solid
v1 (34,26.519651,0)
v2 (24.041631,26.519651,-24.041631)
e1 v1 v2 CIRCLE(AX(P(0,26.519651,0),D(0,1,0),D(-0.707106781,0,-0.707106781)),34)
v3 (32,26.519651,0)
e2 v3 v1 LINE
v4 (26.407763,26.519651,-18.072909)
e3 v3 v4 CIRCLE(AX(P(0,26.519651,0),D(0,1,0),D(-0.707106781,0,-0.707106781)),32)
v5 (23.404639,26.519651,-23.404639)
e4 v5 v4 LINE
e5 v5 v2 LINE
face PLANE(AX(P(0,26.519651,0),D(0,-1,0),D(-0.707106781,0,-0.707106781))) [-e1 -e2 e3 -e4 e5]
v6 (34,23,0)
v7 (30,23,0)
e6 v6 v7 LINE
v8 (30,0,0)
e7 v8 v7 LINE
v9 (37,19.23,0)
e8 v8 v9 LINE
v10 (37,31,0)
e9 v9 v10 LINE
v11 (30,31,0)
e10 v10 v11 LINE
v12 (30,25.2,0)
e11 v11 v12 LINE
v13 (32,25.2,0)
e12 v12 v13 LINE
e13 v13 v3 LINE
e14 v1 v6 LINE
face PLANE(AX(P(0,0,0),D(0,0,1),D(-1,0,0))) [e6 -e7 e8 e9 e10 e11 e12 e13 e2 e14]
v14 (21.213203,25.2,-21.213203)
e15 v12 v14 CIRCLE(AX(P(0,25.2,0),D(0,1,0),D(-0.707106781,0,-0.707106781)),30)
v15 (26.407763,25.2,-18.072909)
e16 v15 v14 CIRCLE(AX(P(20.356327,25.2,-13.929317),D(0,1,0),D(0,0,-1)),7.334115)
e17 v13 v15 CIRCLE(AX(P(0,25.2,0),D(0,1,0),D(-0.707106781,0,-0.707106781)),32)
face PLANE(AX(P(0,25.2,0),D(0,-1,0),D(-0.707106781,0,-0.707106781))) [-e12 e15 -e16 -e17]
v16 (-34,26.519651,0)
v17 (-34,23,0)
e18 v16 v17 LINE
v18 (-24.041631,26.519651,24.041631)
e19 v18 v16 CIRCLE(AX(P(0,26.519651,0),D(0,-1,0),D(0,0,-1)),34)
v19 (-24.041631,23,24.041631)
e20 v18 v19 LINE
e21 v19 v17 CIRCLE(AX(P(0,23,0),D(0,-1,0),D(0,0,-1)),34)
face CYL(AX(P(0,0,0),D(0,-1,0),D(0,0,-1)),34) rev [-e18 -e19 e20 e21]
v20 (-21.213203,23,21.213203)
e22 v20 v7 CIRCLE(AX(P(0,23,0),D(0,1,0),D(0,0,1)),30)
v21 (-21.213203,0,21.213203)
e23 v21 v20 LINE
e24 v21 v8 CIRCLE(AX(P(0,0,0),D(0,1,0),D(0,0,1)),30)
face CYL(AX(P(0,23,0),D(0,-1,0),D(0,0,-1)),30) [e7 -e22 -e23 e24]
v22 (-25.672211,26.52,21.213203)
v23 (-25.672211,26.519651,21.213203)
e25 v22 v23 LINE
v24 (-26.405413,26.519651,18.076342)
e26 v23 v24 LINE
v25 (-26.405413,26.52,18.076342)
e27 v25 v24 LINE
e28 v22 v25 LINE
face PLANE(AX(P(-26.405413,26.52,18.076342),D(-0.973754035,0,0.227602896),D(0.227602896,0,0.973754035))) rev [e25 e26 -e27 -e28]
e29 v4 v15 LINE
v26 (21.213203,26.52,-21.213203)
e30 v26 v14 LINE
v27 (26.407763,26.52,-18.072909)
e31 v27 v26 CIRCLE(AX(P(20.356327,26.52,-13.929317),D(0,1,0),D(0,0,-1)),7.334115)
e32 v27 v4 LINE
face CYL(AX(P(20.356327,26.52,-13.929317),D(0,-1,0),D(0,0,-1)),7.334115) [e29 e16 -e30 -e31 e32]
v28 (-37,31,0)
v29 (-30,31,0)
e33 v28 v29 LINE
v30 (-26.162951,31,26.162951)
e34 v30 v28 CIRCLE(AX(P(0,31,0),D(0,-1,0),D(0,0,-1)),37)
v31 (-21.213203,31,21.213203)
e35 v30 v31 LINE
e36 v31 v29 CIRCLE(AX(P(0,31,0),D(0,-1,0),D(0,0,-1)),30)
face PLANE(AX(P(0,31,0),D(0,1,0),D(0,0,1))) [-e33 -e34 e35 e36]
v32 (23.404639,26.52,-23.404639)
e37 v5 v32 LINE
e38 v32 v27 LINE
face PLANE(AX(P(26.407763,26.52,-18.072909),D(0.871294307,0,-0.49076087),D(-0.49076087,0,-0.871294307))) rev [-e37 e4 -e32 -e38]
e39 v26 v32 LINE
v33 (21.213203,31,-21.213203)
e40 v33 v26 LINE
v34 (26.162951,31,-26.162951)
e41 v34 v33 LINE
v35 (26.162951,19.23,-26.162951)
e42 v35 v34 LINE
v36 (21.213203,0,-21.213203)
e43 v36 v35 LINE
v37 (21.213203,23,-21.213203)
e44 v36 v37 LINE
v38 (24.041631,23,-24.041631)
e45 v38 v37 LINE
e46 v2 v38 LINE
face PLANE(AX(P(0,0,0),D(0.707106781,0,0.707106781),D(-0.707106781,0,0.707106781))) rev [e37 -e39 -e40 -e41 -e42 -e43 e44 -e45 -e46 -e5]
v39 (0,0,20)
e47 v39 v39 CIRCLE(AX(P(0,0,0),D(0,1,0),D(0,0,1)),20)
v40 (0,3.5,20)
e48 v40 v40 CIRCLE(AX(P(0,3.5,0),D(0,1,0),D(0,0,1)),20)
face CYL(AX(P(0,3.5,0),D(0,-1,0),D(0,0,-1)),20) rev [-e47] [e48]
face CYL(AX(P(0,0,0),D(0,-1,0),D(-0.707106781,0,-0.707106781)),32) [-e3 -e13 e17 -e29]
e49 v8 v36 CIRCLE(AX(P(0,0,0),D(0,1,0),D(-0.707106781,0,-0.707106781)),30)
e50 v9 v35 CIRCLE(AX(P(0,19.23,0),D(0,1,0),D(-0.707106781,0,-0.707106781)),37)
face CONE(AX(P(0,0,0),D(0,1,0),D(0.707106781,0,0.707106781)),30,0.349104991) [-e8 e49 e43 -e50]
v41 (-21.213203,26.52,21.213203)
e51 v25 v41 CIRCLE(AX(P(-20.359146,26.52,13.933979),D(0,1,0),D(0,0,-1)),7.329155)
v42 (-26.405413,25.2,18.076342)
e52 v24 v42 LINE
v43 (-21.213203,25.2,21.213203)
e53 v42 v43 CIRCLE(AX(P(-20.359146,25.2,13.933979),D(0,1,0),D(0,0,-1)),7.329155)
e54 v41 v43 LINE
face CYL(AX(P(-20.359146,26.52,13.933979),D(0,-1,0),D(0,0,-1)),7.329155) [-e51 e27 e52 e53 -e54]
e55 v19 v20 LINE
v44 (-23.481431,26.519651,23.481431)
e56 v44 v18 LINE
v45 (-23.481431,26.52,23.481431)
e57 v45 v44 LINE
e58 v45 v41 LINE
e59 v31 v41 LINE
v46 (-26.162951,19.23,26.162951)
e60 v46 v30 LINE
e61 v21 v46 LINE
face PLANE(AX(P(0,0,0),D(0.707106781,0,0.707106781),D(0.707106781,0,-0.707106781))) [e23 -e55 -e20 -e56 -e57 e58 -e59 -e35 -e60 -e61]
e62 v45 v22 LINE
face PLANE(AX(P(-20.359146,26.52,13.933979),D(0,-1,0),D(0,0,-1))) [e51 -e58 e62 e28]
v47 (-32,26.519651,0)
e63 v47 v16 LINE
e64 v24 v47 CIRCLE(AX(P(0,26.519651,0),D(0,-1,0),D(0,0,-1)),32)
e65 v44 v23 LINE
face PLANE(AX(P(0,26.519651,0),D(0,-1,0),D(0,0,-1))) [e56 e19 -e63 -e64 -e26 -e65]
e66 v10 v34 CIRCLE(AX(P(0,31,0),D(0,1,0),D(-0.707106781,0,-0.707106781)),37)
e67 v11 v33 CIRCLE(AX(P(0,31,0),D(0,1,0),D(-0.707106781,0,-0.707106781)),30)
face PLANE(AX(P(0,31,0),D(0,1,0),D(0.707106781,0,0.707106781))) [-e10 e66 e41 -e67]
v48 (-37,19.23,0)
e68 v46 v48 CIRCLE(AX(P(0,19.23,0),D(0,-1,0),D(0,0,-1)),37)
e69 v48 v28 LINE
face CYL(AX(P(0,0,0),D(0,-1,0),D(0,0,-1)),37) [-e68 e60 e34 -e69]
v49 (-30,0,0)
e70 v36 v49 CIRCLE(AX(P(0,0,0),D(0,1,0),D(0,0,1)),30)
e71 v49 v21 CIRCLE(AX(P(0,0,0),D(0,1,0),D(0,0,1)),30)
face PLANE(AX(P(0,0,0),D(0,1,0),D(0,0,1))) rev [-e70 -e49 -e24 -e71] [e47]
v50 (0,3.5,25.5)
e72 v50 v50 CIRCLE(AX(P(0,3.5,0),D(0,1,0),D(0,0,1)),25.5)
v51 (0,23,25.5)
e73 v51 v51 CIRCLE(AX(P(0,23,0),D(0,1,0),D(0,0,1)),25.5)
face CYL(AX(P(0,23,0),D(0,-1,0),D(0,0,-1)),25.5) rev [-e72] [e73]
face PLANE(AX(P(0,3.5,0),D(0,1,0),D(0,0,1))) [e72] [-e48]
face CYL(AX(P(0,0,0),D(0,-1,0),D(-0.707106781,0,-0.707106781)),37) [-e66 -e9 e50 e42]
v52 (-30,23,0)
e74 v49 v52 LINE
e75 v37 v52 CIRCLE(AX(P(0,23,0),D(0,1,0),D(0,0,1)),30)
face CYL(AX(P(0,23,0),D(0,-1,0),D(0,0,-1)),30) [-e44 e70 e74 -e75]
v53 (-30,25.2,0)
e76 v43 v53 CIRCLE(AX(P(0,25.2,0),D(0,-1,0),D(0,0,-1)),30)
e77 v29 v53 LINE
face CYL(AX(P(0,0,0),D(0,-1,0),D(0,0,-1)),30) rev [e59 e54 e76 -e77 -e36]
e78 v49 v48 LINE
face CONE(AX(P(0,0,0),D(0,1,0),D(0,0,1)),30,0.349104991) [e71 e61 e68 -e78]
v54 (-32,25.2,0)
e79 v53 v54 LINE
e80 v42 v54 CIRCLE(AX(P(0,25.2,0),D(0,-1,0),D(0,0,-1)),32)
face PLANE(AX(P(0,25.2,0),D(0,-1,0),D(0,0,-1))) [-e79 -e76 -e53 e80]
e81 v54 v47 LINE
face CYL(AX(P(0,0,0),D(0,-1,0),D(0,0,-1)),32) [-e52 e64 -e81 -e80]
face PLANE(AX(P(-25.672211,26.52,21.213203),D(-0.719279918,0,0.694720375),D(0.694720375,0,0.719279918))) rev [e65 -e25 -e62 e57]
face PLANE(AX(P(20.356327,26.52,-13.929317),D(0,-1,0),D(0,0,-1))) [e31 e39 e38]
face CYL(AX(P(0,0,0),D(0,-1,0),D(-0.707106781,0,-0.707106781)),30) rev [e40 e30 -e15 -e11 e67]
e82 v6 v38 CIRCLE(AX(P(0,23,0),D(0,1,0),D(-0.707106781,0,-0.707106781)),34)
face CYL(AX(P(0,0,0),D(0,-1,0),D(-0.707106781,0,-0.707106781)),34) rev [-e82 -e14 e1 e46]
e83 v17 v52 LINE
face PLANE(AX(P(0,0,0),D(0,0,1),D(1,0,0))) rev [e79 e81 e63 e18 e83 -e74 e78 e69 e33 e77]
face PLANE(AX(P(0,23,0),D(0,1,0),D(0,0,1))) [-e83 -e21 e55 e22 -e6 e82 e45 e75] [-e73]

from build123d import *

# Parameters (mm, degrees)
SKETCH_1_R          = 30
SKETCH_1_R_2        = 25.5
EXTRUDE_1_DEPTH     = 23
SKETCH_2_R          = 25.5
SKETCH_2_R_2        = 20
EXTRUDE_2_DEPTH     = 3.5
REVOLVE_1_ANGLE     = 45
CUT_EXTRUDE_1_DEPTH = 1.32
CUT_EXTRUDE_3_DEPTH = 1.32


with BuildPart() as part:
    # 草图1 → 凸台-拉伸1 (new body)
    with BuildSketch(Plane(origin=(0, 0, 0), x_dir=(1, 0, 0), z_dir=(0, 1, 0))):
        with Locations(Location((0, 0, 0), (0, 0, 270))):
            Circle(SKETCH_1_R)
        with Locations(Location((0, 0, 0), (0, 0, 270))):
            Circle(SKETCH_1_R_2, mode=Mode.SUBTRACT)
    extrude(amount=EXTRUDE_1_DEPTH)

    # 草图2 → 凸台-拉伸2 (add)
    with BuildSketch(Plane(origin=(0, 0, 0), x_dir=(1, 0, 0), z_dir=(0, 1, 0))):
        with Locations(Location((0, 0, 0), (0, 0, 270))):
            Circle(SKETCH_2_R)
        with Locations(Location((0, 0, 0), (0, 0, 270))):
            Circle(SKETCH_2_R_2, mode=Mode.SUBTRACT)
    extrude(amount=EXTRUDE_2_DEPTH)

    # 草图3 → 旋转1 (revolve)
    with BuildSketch(Plane.XY):
        Polygon((-30, 0), (-37, 19.23), (-37, 31), (-30, 31), (-30, 25.2), (-32, 25.2), (-32, 26.519651463), (-34, 26.519651463), (-34, 23), (-30, 23), align=None)
    revolve_1 = revolve(axis=Axis((0, 0, 0), (0, 1, 0)), revolution_arc=REVOLVE_1_ANGLE)

    # 镜向1: 旋转1 across plane
    add(revolve_1.mirror(Plane(origin=(0, 0, 0), x_dir=(0.3826834323650901, 0, 0.9238795325112866), z_dir=(0.9238795325112867, 0, -0.38268343236509006))))

    # 草图5 → 切除-拉伸1 (cut)
    with BuildSketch(Plane.XZ.offset(-25.2)):
        with BuildLine():
            Line((-26.405413435, 18.076342033), (-25.672211093, 21.213203436))
            Line((-25.672211093, 21.213203436), (-22.063062958, 24.949941075))
            Line((-22.063062958, 24.949941075), (-17.99117048, 21.673033438))
            Line((-17.99117048, 21.673033438), (-21.213203436, 21.213203436))
            ThreePointArc((-21.213203436, 21.213203436), (-24.149079473, 20.207170096), (-26.405413435, 18.076342033))
        make_face()
    extrude(amount=-CUT_EXTRUDE_1_DEPTH, mode=Mode.SUBTRACT)

    # 草图8 → 切除-拉伸3 (cut)
    with BuildSketch(Plane.XZ.offset(-25.2)):
        with BuildLine():
            Line((26.407763212, -18.072909066), (22.874853187, -24.345219229))
            Line((22.874853187, -24.345219229), (19.318976471, -22.342353909))
            Line((19.318976471, -22.342353909), (21.213203436, -21.213203436))
            ThreePointArc((21.213203436, -21.213203436), (24.150606635, -20.205675758), (26.407763212, -18.072909066))
        make_face()
    extrude(amount=-CUT_EXTRUDE_3_DEPTH, mode=Mode.SUBTRACT)


solid = part.part
